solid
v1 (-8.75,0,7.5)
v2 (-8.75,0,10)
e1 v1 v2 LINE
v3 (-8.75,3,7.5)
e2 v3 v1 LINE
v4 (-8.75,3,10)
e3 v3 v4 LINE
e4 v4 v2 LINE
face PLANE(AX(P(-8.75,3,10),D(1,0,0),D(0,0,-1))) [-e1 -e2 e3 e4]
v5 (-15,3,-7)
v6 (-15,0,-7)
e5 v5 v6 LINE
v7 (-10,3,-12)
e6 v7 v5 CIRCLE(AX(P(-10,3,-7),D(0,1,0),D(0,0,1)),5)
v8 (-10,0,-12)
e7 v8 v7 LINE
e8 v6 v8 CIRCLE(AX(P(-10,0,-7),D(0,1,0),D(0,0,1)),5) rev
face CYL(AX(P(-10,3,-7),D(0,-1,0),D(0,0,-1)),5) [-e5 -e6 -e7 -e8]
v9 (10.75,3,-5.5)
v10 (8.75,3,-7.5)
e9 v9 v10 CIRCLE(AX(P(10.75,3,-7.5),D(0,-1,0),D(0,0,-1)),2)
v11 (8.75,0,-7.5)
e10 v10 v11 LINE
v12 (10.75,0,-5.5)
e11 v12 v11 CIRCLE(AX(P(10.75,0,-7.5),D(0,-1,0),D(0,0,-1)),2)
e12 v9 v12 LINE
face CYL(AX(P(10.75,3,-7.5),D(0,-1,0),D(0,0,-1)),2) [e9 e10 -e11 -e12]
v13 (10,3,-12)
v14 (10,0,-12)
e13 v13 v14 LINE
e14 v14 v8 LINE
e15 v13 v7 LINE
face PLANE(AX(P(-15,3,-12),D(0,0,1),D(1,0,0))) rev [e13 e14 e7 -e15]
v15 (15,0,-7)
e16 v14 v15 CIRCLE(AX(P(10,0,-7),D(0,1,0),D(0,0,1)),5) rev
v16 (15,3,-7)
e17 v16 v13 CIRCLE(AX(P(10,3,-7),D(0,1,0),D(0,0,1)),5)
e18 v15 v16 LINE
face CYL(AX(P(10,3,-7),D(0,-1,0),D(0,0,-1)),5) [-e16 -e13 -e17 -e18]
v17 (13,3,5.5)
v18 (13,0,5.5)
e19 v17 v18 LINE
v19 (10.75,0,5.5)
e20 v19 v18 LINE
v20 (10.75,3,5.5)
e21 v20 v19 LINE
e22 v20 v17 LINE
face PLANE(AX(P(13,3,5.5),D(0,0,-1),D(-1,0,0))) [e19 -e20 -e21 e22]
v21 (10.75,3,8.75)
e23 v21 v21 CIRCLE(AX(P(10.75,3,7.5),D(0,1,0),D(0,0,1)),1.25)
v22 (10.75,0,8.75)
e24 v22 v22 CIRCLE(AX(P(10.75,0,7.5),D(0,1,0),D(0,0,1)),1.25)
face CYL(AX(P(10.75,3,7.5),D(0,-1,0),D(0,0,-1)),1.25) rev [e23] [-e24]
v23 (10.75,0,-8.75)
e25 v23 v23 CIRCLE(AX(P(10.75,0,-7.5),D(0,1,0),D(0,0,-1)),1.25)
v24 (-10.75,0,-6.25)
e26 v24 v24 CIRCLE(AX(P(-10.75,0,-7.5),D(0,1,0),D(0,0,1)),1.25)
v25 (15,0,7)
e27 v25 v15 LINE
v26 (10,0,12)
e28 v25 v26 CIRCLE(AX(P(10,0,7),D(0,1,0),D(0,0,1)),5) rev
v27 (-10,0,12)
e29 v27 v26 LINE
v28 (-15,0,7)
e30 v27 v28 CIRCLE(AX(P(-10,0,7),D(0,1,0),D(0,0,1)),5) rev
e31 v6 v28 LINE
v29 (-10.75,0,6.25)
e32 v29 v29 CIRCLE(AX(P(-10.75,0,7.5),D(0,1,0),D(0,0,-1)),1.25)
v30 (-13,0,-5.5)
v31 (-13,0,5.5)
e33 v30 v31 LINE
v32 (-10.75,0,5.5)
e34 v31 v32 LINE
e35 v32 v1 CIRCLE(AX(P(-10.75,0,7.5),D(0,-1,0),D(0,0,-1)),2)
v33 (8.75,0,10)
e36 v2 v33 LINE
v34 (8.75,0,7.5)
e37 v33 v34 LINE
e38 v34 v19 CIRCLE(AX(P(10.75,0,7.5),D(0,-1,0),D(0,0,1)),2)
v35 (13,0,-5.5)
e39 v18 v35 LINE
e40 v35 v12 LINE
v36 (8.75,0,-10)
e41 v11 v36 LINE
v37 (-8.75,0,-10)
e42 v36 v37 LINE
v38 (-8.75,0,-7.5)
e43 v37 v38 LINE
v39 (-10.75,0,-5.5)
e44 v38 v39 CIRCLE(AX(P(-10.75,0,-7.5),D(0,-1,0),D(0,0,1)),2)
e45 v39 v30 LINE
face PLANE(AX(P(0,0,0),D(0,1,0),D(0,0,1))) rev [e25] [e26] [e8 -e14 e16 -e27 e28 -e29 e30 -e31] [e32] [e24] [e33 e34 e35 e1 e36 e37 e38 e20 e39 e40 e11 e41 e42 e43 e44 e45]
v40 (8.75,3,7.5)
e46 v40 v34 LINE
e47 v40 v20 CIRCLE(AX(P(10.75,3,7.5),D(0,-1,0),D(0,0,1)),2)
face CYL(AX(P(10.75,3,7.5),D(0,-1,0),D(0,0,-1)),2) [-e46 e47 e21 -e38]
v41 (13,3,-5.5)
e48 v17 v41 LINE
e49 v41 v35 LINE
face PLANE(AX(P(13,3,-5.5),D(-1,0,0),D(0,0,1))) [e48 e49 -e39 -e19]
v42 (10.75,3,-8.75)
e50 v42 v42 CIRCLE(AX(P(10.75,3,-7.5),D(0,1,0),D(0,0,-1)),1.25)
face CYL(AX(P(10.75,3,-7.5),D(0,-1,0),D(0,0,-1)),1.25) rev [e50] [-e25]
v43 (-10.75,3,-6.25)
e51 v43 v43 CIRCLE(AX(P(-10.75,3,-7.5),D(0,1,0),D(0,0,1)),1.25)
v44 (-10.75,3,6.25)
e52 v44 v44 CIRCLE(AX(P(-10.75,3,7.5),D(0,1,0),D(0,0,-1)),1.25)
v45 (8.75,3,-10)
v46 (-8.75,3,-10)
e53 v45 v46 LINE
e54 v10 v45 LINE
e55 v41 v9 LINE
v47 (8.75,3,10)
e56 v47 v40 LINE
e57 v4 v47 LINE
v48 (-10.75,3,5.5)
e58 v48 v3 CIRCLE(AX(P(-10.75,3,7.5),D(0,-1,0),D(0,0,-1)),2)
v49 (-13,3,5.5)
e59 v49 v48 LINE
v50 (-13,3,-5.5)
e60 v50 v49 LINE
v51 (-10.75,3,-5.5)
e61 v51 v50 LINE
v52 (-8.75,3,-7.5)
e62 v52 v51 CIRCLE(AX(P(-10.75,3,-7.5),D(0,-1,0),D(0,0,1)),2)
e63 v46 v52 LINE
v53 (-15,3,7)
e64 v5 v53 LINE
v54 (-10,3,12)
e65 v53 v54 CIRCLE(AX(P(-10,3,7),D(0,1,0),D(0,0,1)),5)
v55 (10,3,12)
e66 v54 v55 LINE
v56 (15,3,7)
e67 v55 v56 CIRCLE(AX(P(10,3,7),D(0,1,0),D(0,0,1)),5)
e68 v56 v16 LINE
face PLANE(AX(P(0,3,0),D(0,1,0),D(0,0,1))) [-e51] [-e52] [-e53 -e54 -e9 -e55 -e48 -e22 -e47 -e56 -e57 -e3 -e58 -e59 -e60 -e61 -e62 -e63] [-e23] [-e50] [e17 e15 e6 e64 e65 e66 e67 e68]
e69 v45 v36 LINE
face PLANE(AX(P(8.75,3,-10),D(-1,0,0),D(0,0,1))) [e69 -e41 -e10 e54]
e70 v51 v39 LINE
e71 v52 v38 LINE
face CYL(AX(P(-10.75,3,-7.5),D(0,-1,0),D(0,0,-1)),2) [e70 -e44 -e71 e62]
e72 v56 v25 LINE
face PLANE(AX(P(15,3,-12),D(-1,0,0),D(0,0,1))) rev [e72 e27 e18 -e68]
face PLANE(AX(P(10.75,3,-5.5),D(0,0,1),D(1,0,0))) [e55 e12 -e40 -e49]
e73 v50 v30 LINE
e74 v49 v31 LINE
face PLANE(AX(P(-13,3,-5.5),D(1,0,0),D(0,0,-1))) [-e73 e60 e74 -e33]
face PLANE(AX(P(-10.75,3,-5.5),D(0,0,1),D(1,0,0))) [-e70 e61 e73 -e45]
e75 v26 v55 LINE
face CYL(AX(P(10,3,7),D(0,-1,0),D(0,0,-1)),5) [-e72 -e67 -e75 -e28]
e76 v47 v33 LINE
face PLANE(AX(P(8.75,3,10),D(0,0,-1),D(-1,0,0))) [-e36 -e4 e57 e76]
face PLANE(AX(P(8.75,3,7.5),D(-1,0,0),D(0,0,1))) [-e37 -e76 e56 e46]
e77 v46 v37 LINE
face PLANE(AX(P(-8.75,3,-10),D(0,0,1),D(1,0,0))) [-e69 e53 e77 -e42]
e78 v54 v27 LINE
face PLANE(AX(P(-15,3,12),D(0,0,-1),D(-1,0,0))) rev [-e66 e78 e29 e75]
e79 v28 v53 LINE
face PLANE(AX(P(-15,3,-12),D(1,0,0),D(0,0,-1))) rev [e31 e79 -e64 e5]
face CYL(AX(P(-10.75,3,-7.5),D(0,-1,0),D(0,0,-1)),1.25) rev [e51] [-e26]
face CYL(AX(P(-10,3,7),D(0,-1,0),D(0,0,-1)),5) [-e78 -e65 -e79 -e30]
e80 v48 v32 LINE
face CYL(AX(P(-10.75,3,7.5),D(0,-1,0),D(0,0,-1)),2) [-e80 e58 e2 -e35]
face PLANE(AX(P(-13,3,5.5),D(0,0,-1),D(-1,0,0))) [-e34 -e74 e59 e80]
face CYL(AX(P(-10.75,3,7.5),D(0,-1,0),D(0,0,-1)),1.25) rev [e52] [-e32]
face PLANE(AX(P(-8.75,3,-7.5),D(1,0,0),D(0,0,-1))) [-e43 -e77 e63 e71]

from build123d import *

# Parameters (mm, degrees)
SKETCH1_W           = 30
SKETCH1_H           = 24
BOSS_EXTRUDE1_DEPTH = 3
SKETCH2_R           = 1.25
CUT_EXTRUDE1_DEPTH  = 3
CUT_EXTRUDE2_DEPTH  = 3
FILLET1_R           = 5


with BuildPart() as part:
    # Sketch1 → Boss-Extrude1 (new body)
    with BuildSketch(Plane(origin=(0, 0, 0), x_dir=(1, 0, 0), z_dir=(0, 1, 0))):
        Rectangle(SKETCH1_W, SKETCH1_H)
    extrude(amount=BOSS_EXTRUDE1_DEPTH)

    # Sketch2 → Cut-Extrude1 (cut)
    with BuildSketch(Plane(origin=(0, 0, 0), x_dir=(1, 0, 0), z_dir=(0, 1, 0))):
        with Locations((-10.75, 7.5)):
            Circle(SKETCH2_R)
        with Locations((-10.75, -7.5)):
            Circle(SKETCH2_R)
        with Locations((10.75, -7.5)):
            Circle(SKETCH2_R)
        with Locations((10.75, 7.5)):
            Circle(SKETCH2_R)
    extrude(amount=CUT_EXTRUDE1_DEPTH, mode=Mode.SUBTRACT)

    # Sketch4 → Cut-Extrude2 (cut)
    with BuildSketch(Plane(origin=(0, 0, 0), x_dir=(1, 0, 0), z_dir=(0, 1, 0))):
        with BuildLine():
            Line((-10.75, 5.5), (-13, 5.5))
            Line((-13, 5.5), (-13, -5.5))
            Line((-13, -5.5), (-10.75, -5.5))
            ThreePointArc((-10.75, -5.5), (-9.335786438, -6.085786438), (-8.75, -7.5))
            Line((-8.75, -7.5), (-8.75, -10))
            Line((-8.75, -10), (8.75, -10))
            Line((8.75, -10), (8.75, -7.5))
            ThreePointArc((8.75, -7.5), (9.335786438, -6.085786438), (10.75, -5.5))
            Line((10.75, -5.5), (13, -5.5))
            Line((13, -5.5), (13, 5.5))
            Line((13, 5.5), (10.75, 5.5))
            ThreePointArc((10.75, 5.5), (9.335786438, 6.085786438), (8.75, 7.5))
            Line((8.75, 7.5), (8.75, 10))
            Line((8.75, 10), (-8.75, 10))
            Line((-8.75, 10), (-8.75, 7.5))
            ThreePointArc((-8.75, 7.5), (-9.335786438, 6.085786438), (-10.75, 5.5))
        make_face()
    extrude(amount=CUT_EXTRUDE2_DEPTH, mode=Mode.SUBTRACT)

    # Fillet1
    fillet1_edges = [part.edges().sort_by_distance(p)[0] for p in [
        (15, 1.5, 12),
        (-15, 1.5, 12),
        (-15, 1.5, -12),
        (15, 1.5, -12),
    ]]
    fillet(fillet1_edges, radius=FILLET1_R)


solid = part.part
